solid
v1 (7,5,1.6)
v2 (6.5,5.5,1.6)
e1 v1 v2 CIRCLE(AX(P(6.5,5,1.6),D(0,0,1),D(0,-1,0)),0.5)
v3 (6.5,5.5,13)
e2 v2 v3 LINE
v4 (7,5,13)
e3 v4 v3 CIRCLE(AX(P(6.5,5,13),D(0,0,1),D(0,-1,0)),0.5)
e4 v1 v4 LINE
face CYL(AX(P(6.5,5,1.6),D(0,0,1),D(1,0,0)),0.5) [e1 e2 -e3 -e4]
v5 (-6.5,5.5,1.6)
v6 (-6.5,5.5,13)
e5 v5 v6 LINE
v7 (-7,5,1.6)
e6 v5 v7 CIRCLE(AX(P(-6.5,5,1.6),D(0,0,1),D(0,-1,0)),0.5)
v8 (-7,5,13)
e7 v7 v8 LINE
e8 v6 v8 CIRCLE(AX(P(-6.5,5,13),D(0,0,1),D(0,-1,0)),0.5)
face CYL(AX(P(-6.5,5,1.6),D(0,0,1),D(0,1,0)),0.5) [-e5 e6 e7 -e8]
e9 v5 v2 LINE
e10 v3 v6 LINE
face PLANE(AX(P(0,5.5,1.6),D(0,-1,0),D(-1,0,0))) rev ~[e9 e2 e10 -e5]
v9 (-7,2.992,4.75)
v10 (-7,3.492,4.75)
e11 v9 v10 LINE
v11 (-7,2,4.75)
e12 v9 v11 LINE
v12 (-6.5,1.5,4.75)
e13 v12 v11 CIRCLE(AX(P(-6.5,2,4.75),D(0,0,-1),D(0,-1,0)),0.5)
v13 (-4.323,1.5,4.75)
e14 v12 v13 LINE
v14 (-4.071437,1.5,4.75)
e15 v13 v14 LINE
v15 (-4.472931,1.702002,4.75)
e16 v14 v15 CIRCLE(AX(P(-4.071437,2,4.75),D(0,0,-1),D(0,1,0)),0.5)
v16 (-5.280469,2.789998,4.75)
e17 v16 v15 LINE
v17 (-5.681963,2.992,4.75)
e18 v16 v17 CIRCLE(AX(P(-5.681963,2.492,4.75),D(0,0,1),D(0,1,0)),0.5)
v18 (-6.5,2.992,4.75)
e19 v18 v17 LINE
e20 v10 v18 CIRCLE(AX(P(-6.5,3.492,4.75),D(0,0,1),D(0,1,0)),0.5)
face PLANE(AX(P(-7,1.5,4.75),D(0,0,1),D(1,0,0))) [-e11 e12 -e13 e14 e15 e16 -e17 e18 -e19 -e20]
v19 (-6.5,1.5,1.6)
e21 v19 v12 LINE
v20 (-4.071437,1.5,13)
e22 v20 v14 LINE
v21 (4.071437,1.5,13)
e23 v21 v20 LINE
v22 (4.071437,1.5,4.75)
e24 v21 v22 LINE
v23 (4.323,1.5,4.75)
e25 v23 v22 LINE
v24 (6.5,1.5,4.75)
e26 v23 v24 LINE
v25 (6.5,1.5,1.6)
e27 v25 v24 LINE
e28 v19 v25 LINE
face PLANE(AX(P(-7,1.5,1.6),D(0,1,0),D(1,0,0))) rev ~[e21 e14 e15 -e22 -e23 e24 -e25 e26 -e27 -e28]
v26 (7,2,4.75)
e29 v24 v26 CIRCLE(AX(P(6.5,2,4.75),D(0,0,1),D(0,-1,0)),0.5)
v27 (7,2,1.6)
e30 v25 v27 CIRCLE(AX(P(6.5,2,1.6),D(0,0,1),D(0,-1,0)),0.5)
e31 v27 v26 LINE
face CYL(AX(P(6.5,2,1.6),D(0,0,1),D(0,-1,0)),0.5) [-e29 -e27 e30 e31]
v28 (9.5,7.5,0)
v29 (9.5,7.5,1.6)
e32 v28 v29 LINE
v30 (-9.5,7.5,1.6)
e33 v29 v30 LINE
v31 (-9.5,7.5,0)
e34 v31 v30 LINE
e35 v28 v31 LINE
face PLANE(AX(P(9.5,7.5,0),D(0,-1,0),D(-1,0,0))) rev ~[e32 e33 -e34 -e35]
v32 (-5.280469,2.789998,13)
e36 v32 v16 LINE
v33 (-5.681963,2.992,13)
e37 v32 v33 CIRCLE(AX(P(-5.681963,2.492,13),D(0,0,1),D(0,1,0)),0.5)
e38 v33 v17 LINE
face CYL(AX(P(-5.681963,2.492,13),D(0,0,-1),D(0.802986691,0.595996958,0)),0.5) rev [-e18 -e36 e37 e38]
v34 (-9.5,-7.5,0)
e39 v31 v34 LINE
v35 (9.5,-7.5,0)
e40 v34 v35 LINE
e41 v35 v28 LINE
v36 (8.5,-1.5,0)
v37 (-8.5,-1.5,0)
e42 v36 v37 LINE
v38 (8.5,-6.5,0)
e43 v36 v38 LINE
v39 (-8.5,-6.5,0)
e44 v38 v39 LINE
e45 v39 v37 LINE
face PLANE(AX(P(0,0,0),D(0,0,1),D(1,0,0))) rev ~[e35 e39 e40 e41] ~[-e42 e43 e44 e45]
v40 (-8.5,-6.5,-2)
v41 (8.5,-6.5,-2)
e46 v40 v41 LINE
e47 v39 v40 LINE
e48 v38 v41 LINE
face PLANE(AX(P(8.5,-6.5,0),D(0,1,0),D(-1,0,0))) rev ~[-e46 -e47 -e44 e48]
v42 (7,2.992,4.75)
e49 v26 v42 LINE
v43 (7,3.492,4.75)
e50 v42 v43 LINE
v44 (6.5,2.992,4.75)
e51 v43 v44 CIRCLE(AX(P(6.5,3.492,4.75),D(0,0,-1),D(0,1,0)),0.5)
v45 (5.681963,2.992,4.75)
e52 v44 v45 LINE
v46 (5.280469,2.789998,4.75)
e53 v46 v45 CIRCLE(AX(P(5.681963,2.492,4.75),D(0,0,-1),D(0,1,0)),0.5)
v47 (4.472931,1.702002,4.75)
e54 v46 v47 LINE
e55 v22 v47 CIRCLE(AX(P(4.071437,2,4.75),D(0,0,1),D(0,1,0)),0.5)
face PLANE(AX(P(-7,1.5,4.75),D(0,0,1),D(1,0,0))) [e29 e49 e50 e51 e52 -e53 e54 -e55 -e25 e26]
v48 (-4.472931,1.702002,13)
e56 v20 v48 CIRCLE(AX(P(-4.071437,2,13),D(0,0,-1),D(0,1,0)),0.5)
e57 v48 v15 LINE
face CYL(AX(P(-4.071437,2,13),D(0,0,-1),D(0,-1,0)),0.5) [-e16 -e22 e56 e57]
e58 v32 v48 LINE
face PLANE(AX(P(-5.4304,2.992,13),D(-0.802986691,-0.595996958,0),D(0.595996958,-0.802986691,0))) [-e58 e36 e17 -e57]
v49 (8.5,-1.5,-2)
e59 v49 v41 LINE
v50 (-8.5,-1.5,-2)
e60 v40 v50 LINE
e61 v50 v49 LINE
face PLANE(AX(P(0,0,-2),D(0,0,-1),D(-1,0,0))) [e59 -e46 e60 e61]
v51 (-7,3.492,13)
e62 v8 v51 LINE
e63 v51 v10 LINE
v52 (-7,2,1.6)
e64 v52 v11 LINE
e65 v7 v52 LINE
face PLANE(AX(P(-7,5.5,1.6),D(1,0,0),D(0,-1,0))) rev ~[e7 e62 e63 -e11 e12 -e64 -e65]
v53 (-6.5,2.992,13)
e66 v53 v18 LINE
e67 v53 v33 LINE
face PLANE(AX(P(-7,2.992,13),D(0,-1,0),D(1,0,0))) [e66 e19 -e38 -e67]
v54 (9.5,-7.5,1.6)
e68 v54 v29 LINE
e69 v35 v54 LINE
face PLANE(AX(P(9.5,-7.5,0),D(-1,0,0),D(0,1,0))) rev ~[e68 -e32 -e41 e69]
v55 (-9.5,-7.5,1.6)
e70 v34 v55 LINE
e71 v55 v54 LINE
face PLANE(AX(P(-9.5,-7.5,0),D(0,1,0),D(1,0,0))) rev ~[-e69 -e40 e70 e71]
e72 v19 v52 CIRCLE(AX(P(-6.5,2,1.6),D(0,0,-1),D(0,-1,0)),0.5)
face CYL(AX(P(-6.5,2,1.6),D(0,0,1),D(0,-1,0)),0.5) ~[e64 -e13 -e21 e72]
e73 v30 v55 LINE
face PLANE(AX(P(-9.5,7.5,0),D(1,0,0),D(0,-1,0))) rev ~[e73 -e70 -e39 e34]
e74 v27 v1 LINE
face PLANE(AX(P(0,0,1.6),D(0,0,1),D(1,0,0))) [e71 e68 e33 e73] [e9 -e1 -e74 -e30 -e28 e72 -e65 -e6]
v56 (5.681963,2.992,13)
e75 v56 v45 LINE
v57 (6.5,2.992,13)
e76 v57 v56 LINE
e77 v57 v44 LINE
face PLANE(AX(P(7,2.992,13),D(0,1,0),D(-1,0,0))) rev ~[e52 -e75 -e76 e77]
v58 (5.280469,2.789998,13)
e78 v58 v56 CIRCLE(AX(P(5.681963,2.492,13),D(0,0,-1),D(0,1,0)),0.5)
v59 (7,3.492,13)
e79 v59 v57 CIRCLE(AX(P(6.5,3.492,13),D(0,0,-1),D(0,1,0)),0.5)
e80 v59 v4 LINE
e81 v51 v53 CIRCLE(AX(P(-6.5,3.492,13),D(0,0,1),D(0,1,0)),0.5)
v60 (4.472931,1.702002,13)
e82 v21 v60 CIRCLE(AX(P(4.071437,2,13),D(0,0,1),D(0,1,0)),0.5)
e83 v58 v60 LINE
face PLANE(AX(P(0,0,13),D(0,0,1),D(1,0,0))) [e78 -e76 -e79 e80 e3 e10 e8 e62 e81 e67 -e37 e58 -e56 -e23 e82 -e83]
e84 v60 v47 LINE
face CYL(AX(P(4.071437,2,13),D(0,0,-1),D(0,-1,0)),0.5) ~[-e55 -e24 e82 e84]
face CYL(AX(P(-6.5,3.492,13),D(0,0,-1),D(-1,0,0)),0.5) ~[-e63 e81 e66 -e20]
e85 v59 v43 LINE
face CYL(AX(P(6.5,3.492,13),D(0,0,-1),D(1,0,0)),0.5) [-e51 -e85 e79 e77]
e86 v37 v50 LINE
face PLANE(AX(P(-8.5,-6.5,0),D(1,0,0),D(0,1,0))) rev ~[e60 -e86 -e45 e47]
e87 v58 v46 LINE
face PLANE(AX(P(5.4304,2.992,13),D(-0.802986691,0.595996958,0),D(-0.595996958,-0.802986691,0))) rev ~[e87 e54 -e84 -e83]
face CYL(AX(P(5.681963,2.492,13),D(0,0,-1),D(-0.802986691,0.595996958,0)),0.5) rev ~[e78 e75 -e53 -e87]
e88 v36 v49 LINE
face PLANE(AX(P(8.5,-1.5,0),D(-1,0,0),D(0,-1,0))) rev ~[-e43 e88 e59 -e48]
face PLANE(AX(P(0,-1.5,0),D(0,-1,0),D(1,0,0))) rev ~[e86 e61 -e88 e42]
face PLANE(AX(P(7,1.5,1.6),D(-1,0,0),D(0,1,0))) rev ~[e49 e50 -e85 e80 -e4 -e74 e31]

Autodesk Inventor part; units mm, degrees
ref_plane "YZ Plane" through (0, 0, 0) normal (1, 0, 0) x (0, 1, 0)
ref_plane "XZ Plane" through (0, 0, 0) normal (0, 1, 0) x (-1, 0, 0)
sketch "Sketch1" plane through (0, 0, 0) normal (0, 0, 1) x (1, 0, 0)
  line L0 (-9.5, -7.5) -> (9.5, -7.5)
  line L1 (9.5, -7.5) -> (9.5, 7.5)
  line L2 (9.5, 7.5) -> (-9.5, 7.5)
  line L3 (-9.5, 7.5) -> (-9.5, -7.5)
  line L4 (-9.5, -7.5) -> (9.5, 7.5) construction
  line L5 (9.5, -7.5) -> (-9.5, 7.5) construction
  point P0 (0, 0)
  dimension "d0" = 19
  dimension "d1" = 15
extrude "Extrusion1" add sketch "Sketch1" along normal blind 1.6
sketch "Sketch2" plane through (0, 0, 0) normal (0, 0, -1) x (-1, 0, 0)
  line L0 (0, -10.5) -> (0, 10.5) projected
  line L1 (-8.5, -6.5) -> (8.5, -6.5)
  line L2 (8.5, -6.5) -> (8.5, -1.5)
  line L3 (8.5, -1.5) -> (-8.5, -1.5)
  line L4 (-8.5, -1.5) -> (-8.5, -6.5)
  line L5 (-8.5, -6.5) -> (8.5, -1.5) construction
  line L6 (8.5, -6.5) -> (-8.5, -1.5) construction
  line L7 (9.5, -7.5) -> (-9.5, -7.5) projected
  point P0 (0, 0)
  point P1 (0, -4)
  dimension "d4" = 5
  dimension "d5" = 1
  dimension "d6" = 17
extrude "Extrusion2" add sketch "Sketch2" along normal blind 2
sketch "Sketch3" plane through (0, 0, 1.6) normal (0, 0, 1) x (1, 0, 0)
  line L0 (0, -10.5) -> (0, 10.5) projected
  line L1 (-7, 1.5) -> (7, 1.5)
  line L2 (7, 1.5) -> (7, 5.5)
  line L3 (7, 5.5) -> (-7, 5.5)
  line L4 (-7, 5.5) -> (-7, 1.5)
  line L5 (-7, 1.5) -> (7, 5.5) construction
  line L6 (7, 1.5) -> (-7, 5.5) construction
  line L7 (9.5, 7.5) -> (-9.5, 7.5) projected
  point P0 (0, 0)
  point P1 (0, 3.5)
  dimension "d9" = 14
  dimension "d10" = 4
  dimension "d11" = 2
ref_plane "Work Plane1" through (0, 0, 13) normal (0, 0, -1) x (-1, 0, 0)
extrude "Extrusion3" add sketch "Sketch3" along normal up to surface (11.4 mm away)
sketch "Sketch4" plane through (-7, 1.5, 13) normal (0, 0, 1) x (1, 0, 0)
  line L0 (0, 4) -> (0, 0) projected
  line L1 (0, 0) -> (14, 0) projected
  line L2 (14, 0) -> (14, 4) projected
  line L3 (14, 4) -> (0, 4) projected
  line L4 (0, 1.492) -> (1.5696, 1.492)
  line L5 (1.5696, 1.492) -> (2.677, 0)
  line L6 (7, -12) -> (7, 9) construction
  line L7 (14, 1.492) -> (12.4304, 1.492)
  line L8 (12.4304, 1.492) -> (11.323, 0)
  point P0 (7, -1.5)
extrude "Extrusion4" cut sketch "Sketch4" against normal blind 8.25 contours L4 L5 L1 L0 | L2 L1 L8 L7
fillet "Fillet1" radius 0.5 10 edges at (7, 5.5, 7.3) (-7, 5.5, 7.3) (7, 2.992, 8.875) (4.323, 1.5, 8.875) (-7, 2.992, 8.875) (-4.323, 1.5, 8.875) (-5.4304, 2.992, 8.875) (5.4304, 2.992, 8.875) (7, 1.5, 3.175) (-7, 1.5, 3.175)
properties part number "Adafruit_L_Bend_HDMI_Plug_Adapter_3550"
